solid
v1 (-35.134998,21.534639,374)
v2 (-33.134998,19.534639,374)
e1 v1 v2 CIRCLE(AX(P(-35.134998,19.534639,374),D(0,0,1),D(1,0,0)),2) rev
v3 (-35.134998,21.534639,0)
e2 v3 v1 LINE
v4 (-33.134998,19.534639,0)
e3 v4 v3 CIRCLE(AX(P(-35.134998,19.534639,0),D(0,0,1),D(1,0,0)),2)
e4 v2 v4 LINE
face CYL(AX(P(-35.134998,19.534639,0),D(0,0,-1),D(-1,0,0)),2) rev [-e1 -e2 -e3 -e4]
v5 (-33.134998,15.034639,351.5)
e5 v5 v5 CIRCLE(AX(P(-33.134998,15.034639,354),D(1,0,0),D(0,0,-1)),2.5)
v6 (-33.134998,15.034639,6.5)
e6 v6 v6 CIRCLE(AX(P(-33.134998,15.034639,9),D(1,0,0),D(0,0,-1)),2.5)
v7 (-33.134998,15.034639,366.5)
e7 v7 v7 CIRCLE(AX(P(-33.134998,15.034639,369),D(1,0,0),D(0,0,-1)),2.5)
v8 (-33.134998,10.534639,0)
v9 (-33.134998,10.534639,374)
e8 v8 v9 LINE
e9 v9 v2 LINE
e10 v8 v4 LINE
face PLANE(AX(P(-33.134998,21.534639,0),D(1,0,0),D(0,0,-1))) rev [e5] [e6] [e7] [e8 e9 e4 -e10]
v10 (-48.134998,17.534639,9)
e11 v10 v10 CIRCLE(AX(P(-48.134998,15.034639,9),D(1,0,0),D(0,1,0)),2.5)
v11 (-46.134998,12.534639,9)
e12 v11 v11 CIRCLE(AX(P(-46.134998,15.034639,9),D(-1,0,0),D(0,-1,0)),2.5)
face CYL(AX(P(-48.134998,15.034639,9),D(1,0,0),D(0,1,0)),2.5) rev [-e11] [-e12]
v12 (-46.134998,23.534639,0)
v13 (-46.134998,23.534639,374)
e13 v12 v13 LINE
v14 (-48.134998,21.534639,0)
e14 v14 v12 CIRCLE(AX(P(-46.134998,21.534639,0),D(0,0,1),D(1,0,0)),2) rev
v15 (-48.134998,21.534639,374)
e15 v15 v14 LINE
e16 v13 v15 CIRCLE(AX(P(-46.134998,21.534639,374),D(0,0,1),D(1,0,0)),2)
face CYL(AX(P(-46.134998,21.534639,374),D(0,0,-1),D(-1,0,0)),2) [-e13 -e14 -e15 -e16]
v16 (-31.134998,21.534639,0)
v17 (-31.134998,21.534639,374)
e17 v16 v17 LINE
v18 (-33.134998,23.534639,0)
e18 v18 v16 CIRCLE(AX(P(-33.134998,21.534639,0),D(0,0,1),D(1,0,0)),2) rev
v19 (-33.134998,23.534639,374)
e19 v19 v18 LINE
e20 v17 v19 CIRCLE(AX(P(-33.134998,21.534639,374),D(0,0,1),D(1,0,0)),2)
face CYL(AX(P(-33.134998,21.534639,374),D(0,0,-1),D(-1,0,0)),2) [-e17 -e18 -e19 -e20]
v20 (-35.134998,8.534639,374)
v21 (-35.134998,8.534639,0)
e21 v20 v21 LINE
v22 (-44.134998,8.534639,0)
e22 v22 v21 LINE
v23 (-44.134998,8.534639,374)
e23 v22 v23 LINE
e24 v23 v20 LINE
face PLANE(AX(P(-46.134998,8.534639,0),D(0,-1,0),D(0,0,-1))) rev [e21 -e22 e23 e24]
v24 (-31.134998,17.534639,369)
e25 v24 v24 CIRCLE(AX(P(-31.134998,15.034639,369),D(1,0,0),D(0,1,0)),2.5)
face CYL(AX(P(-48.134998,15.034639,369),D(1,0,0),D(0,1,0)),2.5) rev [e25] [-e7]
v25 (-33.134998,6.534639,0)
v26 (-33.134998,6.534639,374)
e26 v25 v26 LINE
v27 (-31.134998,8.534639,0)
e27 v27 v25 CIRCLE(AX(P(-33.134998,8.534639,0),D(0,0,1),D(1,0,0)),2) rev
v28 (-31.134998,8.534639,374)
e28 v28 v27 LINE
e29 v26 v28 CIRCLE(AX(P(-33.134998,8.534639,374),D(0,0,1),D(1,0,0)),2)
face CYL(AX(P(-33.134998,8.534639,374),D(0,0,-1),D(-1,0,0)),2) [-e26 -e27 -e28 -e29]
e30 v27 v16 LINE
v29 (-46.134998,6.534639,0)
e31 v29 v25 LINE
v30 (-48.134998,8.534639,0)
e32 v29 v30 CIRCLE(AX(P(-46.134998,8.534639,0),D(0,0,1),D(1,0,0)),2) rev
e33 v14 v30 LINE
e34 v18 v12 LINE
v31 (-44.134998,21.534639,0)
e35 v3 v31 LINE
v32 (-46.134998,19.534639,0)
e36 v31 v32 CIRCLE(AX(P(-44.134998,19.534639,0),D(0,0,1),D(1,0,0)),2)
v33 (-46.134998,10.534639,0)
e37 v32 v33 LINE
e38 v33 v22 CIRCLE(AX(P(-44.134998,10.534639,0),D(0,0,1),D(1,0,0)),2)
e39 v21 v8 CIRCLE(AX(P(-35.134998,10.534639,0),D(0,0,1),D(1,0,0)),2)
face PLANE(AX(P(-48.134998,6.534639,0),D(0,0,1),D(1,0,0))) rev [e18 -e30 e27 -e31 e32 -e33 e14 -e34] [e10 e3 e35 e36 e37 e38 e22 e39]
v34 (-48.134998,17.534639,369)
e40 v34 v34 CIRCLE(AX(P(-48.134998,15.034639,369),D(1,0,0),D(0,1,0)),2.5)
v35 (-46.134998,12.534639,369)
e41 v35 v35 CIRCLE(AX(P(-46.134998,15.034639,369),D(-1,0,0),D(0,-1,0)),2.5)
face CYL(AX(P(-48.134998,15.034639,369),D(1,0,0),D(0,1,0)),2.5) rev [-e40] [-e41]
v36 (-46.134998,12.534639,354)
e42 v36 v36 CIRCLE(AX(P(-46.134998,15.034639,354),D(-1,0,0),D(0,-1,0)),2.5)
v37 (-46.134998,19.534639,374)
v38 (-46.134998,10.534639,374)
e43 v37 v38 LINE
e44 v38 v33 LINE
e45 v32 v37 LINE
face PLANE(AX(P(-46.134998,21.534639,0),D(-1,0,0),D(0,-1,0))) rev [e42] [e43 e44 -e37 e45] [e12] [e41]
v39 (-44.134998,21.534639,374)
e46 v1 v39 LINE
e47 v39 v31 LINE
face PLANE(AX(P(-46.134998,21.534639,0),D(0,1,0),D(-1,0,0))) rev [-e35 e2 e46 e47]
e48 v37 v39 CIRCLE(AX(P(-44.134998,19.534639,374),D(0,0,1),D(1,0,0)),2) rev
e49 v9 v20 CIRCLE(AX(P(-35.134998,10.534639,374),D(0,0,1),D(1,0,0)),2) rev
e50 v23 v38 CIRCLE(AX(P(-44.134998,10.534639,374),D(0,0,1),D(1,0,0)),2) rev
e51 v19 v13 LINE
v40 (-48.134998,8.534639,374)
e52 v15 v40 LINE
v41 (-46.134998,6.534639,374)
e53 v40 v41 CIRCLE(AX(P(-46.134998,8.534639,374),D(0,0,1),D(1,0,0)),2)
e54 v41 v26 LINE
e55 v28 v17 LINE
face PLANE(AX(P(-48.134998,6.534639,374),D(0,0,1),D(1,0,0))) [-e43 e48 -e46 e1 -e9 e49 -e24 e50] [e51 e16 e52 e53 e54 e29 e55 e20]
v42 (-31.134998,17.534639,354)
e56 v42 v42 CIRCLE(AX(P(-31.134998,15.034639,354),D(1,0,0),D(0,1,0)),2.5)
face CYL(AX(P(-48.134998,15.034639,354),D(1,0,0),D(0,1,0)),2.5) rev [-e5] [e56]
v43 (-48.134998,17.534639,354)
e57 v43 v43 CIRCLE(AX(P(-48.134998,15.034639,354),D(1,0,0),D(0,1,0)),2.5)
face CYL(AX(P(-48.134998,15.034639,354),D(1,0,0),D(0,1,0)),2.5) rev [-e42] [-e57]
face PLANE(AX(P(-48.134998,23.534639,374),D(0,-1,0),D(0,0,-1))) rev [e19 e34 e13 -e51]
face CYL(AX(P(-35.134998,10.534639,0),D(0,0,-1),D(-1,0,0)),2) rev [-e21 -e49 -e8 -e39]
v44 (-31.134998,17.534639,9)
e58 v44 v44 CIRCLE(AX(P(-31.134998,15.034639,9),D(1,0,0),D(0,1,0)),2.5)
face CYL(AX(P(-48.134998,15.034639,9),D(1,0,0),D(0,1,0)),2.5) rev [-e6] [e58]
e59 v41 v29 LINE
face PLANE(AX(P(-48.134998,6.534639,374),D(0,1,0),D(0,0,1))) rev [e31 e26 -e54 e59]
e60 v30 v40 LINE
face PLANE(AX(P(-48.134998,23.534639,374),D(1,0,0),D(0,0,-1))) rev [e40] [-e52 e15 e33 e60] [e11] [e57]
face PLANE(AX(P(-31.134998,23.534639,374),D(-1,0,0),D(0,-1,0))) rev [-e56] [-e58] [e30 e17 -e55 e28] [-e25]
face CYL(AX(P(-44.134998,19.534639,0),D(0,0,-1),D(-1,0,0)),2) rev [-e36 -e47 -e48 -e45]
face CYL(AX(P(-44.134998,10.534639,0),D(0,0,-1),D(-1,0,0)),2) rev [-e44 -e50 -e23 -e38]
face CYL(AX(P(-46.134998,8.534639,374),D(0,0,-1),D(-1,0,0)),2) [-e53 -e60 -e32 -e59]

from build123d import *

# Parameters (mm, degrees)
SKETCH1_W      = 17
SKETCH1_H      = 17
EXTRUDE1_DEPTH = 374
FILLET2_R      = 2
SKETCH2_W      = 13
SKETCH2_H      = 13
EXTRUDE2_DEPTH = 375
FILLET3_R      = 2
SKETCH3_R      = 2.5
EXTRUDE3_DEPTH = 18


with BuildPart() as part:
    # Sketch1 → Extrude1 (new body)
    with BuildSketch(Plane.XY):
        with Locations((-39.634997969, 15.034639228)):
            Rectangle(SKETCH1_W, SKETCH1_H)
    extrude(amount=EXTRUDE1_DEPTH)

    # Fillet2
    fillet2_edges = [part.edges().sort_by_distance(p)[0] for p in [
        (-48.134997969, 23.534639228, 187),
        (-31.134997969, 23.534639228, 187),
        (-31.134997969, 6.534639228, 187),
        (-48.134997969, 6.534639228, 187),
    ]]
    fillet(fillet2_edges, radius=FILLET2_R)

    # Sketch2 → Extrude2 (cut, through all)
    with BuildSketch(Plane.XY.offset(374)):
        with Locations((-39.634997969, 15.034639228)):
            Rectangle(SKETCH2_W, SKETCH2_H)
    extrude(amount=-EXTRUDE2_DEPTH, mode=Mode.SUBTRACT)

    # Fillet3
    fillet3_edges = [part.edges().sort_by_distance(p)[0] for p in [
        (-46.134997969, 8.534639228, 187),
        (-46.134997969, 21.534639228, 187),
        (-33.134997969, 21.534639228, 187),
        (-33.134997969, 8.534639228, 187),
    ]]
    fillet(fillet3_edges, radius=FILLET3_R)

    # Sketch3 → Extrude3 (cut, through all)
    with BuildSketch(Plane(origin=(-31.134997969, 0, 0), x_dir=(0, 0, -1), z_dir=(1, 0, 0))):
        with Locations((-369, 15.034639228)):
            Circle(SKETCH3_R)
        with Locations((-354, 15.034639228)):
            Circle(SKETCH3_R)
        with Locations((-9, 15.034639228)):
            Circle(SKETCH3_R)
    extrude(amount=-EXTRUDE3_DEPTH, mode=Mode.SUBTRACT)


solid = part.part
